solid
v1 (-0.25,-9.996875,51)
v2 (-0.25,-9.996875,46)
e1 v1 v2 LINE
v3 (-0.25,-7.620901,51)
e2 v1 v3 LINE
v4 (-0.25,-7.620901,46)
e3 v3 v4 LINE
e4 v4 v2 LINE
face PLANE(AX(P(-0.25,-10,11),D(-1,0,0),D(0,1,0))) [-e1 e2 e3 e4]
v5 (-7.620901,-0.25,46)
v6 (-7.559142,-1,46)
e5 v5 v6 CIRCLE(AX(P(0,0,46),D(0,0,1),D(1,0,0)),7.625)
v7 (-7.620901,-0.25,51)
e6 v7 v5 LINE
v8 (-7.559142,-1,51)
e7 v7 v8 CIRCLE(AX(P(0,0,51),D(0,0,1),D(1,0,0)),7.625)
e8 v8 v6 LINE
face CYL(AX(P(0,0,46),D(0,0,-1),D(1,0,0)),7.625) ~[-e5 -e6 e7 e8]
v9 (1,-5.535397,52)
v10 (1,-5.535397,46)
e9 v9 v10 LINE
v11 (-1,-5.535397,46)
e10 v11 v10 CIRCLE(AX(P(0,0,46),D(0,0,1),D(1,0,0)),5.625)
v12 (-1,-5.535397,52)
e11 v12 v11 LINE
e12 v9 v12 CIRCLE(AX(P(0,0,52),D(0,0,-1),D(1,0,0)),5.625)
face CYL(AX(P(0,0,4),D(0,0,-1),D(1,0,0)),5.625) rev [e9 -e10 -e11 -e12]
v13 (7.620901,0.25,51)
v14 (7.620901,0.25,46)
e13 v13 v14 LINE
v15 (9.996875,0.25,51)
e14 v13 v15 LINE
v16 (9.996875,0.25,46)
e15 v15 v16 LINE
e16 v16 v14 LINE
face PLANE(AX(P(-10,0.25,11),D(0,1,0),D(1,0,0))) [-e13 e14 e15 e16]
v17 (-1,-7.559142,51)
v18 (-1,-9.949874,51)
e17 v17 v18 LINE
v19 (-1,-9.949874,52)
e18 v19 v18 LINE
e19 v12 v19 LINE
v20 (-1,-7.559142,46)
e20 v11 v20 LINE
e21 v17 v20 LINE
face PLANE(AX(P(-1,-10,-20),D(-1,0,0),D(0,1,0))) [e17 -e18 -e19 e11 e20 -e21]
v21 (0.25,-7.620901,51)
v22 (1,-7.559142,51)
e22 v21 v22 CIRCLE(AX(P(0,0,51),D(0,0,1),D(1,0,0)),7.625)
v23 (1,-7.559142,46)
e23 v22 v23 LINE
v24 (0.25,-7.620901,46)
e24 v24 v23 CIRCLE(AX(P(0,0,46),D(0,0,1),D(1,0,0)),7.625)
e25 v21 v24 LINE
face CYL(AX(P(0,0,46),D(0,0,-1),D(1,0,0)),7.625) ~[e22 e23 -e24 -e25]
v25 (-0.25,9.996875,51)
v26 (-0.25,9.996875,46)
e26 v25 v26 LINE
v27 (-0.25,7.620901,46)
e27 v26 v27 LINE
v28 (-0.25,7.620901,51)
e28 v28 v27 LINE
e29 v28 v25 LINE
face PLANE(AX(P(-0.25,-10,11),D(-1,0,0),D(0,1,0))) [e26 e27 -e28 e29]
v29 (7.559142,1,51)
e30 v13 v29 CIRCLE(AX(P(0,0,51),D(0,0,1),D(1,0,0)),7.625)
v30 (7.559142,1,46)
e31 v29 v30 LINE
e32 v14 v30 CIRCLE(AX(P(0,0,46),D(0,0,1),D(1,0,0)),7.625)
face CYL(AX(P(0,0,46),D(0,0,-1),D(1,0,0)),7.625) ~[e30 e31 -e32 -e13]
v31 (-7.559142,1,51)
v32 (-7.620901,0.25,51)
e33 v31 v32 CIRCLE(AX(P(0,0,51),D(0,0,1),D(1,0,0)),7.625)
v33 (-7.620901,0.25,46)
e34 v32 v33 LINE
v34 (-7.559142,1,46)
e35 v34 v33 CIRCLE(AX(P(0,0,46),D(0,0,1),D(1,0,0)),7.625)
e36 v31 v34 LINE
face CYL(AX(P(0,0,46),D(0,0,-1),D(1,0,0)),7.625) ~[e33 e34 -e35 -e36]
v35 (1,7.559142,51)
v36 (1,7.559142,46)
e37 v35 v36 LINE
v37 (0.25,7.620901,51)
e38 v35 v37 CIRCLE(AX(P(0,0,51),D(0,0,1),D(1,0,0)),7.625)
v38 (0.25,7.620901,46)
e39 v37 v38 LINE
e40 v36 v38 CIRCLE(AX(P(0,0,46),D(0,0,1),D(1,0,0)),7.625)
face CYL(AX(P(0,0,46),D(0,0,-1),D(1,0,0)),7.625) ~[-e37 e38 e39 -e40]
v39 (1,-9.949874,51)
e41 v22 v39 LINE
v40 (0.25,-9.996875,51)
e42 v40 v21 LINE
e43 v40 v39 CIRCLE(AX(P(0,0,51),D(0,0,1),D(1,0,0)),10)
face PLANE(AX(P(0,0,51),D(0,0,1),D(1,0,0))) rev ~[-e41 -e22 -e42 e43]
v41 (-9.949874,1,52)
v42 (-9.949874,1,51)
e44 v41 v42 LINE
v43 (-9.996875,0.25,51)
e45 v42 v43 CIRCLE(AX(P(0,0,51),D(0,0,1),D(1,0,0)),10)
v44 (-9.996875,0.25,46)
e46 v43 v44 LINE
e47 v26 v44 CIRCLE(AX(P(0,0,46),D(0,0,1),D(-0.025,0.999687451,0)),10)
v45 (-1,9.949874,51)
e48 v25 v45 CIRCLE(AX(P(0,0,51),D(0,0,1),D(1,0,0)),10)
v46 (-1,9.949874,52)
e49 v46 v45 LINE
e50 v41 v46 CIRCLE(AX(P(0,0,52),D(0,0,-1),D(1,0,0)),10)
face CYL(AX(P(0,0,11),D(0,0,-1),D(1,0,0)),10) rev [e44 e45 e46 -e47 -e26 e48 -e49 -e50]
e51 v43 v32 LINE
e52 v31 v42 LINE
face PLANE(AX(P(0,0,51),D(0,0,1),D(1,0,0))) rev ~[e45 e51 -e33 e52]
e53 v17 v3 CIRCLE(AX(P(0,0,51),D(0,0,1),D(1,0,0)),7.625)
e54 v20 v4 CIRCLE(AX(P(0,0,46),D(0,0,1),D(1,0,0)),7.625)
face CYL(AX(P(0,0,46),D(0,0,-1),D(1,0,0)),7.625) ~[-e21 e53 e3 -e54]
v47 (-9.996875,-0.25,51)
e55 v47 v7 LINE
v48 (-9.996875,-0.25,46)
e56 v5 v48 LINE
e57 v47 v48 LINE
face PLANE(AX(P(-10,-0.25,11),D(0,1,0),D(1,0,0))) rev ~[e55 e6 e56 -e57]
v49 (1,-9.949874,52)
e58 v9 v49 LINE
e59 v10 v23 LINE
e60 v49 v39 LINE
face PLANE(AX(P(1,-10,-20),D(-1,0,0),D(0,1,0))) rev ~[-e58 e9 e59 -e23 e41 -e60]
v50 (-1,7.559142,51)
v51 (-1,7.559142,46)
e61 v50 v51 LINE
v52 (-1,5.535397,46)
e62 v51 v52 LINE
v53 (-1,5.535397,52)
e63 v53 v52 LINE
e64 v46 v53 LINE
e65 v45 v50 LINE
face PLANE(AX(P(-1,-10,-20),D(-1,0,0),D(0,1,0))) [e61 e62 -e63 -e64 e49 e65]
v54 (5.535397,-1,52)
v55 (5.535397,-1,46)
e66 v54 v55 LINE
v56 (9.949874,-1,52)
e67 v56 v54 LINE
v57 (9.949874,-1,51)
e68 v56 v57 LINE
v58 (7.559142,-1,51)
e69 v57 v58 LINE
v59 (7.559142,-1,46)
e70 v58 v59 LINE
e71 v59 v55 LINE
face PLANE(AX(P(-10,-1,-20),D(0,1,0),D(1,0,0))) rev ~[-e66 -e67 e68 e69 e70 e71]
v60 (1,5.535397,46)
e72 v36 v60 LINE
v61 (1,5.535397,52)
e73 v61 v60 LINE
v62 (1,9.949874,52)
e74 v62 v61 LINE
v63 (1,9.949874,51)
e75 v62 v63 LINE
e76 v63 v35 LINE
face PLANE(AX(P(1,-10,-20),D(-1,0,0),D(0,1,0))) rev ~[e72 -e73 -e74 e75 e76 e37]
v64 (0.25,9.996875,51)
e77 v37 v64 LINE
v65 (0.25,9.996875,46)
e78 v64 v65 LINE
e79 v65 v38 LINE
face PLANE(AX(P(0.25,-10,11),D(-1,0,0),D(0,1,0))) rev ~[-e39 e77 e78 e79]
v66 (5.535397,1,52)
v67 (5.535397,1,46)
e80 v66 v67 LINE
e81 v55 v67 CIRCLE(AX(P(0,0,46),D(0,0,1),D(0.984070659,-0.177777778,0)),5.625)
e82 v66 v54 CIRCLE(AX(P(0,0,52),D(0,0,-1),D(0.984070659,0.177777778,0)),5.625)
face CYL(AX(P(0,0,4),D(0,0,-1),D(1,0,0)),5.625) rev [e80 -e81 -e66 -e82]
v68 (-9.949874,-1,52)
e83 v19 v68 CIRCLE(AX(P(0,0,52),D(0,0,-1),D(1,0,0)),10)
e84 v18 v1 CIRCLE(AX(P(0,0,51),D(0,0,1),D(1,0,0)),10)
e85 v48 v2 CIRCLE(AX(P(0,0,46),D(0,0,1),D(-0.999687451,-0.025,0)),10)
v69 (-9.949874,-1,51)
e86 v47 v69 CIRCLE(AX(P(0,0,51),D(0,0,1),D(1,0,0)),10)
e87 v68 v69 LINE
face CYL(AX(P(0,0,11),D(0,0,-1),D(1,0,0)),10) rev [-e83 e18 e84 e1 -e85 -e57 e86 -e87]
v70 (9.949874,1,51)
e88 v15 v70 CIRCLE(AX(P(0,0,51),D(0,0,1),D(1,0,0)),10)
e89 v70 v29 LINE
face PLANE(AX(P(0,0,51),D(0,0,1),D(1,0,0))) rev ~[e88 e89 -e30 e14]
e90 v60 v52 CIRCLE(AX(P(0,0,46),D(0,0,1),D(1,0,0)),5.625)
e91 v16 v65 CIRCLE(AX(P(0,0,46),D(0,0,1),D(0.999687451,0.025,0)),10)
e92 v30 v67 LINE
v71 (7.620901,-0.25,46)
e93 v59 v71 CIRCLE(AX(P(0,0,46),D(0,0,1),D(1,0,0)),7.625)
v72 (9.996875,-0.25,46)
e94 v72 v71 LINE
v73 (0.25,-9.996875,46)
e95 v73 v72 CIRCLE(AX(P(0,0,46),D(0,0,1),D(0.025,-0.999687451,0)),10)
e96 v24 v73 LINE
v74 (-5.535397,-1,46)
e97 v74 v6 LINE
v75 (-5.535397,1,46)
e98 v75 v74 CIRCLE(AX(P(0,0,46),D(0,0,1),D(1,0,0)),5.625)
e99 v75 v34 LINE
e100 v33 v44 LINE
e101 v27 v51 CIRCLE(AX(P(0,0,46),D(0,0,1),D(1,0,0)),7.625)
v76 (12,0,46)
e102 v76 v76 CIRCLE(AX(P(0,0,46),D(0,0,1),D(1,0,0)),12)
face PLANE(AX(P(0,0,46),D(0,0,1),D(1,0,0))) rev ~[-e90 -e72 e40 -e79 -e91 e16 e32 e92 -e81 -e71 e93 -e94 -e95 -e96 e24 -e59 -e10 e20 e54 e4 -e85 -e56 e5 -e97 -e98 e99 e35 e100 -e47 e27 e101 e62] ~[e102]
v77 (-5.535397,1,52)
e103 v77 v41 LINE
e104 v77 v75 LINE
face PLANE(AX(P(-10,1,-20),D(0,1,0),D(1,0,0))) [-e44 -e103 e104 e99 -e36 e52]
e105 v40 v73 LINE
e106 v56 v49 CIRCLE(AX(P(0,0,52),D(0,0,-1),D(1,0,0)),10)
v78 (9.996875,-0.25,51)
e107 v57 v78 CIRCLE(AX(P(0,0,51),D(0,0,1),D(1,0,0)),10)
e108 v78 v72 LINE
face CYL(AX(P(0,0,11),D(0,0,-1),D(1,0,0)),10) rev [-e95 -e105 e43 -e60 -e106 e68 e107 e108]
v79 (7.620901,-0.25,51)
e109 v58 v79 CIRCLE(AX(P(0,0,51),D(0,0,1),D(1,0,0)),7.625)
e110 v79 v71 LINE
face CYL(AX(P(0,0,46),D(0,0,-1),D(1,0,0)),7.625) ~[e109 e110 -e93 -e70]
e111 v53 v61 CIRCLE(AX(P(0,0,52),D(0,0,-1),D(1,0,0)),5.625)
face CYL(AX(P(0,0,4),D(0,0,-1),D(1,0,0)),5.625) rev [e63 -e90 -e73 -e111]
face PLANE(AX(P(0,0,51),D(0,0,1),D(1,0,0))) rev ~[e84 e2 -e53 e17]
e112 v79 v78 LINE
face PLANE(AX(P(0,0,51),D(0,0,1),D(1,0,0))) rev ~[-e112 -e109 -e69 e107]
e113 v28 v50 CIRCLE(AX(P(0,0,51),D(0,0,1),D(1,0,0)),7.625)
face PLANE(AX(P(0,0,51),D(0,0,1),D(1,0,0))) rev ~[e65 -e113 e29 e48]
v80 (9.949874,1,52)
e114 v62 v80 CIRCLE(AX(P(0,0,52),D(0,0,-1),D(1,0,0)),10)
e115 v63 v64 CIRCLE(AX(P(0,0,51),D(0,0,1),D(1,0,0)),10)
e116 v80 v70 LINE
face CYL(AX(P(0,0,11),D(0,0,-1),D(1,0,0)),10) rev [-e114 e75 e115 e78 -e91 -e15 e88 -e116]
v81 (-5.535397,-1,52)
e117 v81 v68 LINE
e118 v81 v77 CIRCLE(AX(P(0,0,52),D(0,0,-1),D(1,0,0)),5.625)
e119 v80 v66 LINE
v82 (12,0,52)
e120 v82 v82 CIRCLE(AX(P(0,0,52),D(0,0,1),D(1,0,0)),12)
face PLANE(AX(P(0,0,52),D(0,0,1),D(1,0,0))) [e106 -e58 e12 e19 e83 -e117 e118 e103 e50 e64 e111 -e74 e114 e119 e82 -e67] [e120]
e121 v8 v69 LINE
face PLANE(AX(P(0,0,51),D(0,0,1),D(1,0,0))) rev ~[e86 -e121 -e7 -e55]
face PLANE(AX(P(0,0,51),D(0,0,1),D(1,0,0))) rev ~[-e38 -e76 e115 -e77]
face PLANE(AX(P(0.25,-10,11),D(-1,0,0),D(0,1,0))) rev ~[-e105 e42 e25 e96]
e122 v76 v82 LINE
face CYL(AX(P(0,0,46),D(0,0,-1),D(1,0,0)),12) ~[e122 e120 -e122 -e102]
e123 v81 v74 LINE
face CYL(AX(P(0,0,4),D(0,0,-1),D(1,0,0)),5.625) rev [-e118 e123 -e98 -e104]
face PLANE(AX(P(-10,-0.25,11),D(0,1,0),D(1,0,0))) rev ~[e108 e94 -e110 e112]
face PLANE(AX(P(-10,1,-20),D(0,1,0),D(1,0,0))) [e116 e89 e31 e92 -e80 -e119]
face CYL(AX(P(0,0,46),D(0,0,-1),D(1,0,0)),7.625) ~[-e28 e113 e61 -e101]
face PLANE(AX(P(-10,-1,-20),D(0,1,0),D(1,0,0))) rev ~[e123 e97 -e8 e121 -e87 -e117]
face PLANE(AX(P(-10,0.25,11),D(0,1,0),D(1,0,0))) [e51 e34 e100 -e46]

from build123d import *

# Parameters (mm, degrees)
BOX011_W                    = 20
BOX011_H                    = 2
BOX011_DEPTH                = 80
BOX012_W                    = 20
BOX012_H                    = 2
BOX012_DEPTH                = 80
COMPOUND005_PLACEMENT_ANGLE = 90
TUBE013_R                   = 10
TUBE013_R_2                 = 3.25
TUBE013_DEPTH               = 80
TUBE008_R                   = 7.625
TUBE008_R_2                 = 5.625
TUBE008_DEPTH               = 5
TUBE007_R                   = 7.625
TUBE007_R_2                 = 5.625
TUBE007_DEPTH               = 5
BOX005_W                    = 20
BOX005_H                    = 0.5
BOX005_DEPTH                = 40
BOX006_W                    = 20
BOX006_H                    = 0.5
BOX006_DEPTH                = 40
COMPOUND002_PLACEMENT_ANGLE = 90
TUBE006_R                   = 10
TUBE006_R_2                 = 3.25
TUBE006_DEPTH               = 40
CYLINDER002_R               = 5.625
CYLINDER002_DEPTH           = 100
CYLINDER001_R               = 12
CYLINDER001_DEPTH           = 6


with BuildPart() as cube011:
    # Box011 → Box011 (new body)
    with BuildSketch(Plane(origin=(-10, -1, -20), x_dir=(1, 0, 0), z_dir=(0, 0, 1))):
        with Locations((10, 1)):
            Rectangle(BOX011_W, BOX011_H)
    extrude(amount=BOX011_DEPTH)


with BuildPart() as fusion008:
    # Box012 → Box012 (new body)
    with BuildSketch(Plane(origin=(-10, -1, -20), x_dir=(1, 0, 0), z_dir=(0, 0, 1))):
        with Locations((10, 1)):
            Rectangle(BOX012_W, BOX012_H)
    extrude(amount=BOX012_DEPTH)


with BuildPart() as fusion008_1:
    # Compound005 placement: moved
    add(fusion008.part.rotate(Axis((0, 0, 0), (0, 0, 1)), COMPOUND005_PLACEMENT_ANGLE))

    # Fusion008: union Cube011
    add(cube011.part)


with BuildPart() as cut018:
    # Tube013 → Tube013 (new body)
    with BuildSketch(Plane.XY.offset(-20)):
        Circle(TUBE013_R)
        Circle(TUBE013_R_2, mode=Mode.SUBTRACT)
    extrude(amount=TUBE013_DEPTH)

    # Cut018: cut Fusion008
    add(fusion008_1.part, mode=Mode.SUBTRACT)


with BuildPart() as mountringgroove005:
    # Tube008 → Tube008 (new body)
    with BuildSketch(Plane.XY.offset(35)):
        Circle(TUBE008_R)
        Circle(TUBE008_R_2, mode=Mode.SUBTRACT)
    extrude(amount=TUBE008_DEPTH)


with BuildPart() as mountringgroove004:
    # Tube007 → Tube007 (new body)
    with BuildSketch(Plane.XY):
        Circle(TUBE007_R)
        Circle(TUBE007_R_2, mode=Mode.SUBTRACT)
    extrude(amount=TUBE007_DEPTH)


with BuildPart() as cube005:
    # Box005 → Box005 (new body)
    with BuildSketch(Plane(origin=(-10, -0.25, 0), x_dir=(1, 0, 0), z_dir=(0, 0, 1))):
        with Locations((10, 0.25)):
            Rectangle(BOX005_W, BOX005_H)
    extrude(amount=BOX005_DEPTH)


with BuildPart() as fusion002:
    # Box006 → Box006 (new body)
    with BuildSketch(Plane(origin=(-10, -0.25, 0), x_dir=(1, 0, 0), z_dir=(0, 0, 1))):
        with Locations((10, 0.25)):
            Rectangle(BOX006_W, BOX006_H)
    extrude(amount=BOX006_DEPTH)


with BuildPart() as fusion002_1:
    # Compound002 placement: moved
    add(fusion002.part.rotate(Axis((0, 0, 0), (0, 0, 1)), COMPOUND002_PLACEMENT_ANGLE))

    # Fusion002: union Cube005
    add(cube005.part)


with BuildPart() as cut011:
    # Tube006 → Tube006 (new body)
    with BuildSketch(Plane.XY):
        Circle(TUBE006_R)
        Circle(TUBE006_R_2, mode=Mode.SUBTRACT)
    extrude(amount=TUBE006_DEPTH)

    # Cut009: cut Fusion002
    add(fusion002_1.part, mode=Mode.SUBTRACT)

    # Cut010: cut MountringGroove004
    add(mountringgroove004.part, mode=Mode.SUBTRACT)

    # Cut011: cut MountringGroove005
    add(mountringgroove005.part, mode=Mode.SUBTRACT)


with BuildPart() as cut011_1:
    # Cut011 placement: moved
    add(cut011.part.moved(Location((0, 0, 7))))


with BuildPart() as cylinder002:
    # Cylinder002 → Cylinder002 (new body)
    with BuildSketch(Plane.XY):
        Circle(CYLINDER002_R)
    extrude(amount=CYLINDER002_DEPTH)


with BuildPart() as topring:
    # Cylinder001 → Cylinder001 (new body)
    with BuildSketch(Plane.XY.offset(42)):
        Circle(CYLINDER001_R)
    extrude(amount=CYLINDER001_DEPTH)

    # Cut008: cut Cylinder002
    add(cylinder002.part, mode=Mode.SUBTRACT)

    # Cut012: cut Cut011
    add(cut011_1.part, mode=Mode.SUBTRACT)


with BuildPart() as topring_1:
    # Cut012 placement: moved
    add(topring.part.moved(Location((0, 0, 4))))

    # Cut019: cut Cut018
    add(cut018.part, mode=Mode.SUBTRACT)


solid = topring_1.part
